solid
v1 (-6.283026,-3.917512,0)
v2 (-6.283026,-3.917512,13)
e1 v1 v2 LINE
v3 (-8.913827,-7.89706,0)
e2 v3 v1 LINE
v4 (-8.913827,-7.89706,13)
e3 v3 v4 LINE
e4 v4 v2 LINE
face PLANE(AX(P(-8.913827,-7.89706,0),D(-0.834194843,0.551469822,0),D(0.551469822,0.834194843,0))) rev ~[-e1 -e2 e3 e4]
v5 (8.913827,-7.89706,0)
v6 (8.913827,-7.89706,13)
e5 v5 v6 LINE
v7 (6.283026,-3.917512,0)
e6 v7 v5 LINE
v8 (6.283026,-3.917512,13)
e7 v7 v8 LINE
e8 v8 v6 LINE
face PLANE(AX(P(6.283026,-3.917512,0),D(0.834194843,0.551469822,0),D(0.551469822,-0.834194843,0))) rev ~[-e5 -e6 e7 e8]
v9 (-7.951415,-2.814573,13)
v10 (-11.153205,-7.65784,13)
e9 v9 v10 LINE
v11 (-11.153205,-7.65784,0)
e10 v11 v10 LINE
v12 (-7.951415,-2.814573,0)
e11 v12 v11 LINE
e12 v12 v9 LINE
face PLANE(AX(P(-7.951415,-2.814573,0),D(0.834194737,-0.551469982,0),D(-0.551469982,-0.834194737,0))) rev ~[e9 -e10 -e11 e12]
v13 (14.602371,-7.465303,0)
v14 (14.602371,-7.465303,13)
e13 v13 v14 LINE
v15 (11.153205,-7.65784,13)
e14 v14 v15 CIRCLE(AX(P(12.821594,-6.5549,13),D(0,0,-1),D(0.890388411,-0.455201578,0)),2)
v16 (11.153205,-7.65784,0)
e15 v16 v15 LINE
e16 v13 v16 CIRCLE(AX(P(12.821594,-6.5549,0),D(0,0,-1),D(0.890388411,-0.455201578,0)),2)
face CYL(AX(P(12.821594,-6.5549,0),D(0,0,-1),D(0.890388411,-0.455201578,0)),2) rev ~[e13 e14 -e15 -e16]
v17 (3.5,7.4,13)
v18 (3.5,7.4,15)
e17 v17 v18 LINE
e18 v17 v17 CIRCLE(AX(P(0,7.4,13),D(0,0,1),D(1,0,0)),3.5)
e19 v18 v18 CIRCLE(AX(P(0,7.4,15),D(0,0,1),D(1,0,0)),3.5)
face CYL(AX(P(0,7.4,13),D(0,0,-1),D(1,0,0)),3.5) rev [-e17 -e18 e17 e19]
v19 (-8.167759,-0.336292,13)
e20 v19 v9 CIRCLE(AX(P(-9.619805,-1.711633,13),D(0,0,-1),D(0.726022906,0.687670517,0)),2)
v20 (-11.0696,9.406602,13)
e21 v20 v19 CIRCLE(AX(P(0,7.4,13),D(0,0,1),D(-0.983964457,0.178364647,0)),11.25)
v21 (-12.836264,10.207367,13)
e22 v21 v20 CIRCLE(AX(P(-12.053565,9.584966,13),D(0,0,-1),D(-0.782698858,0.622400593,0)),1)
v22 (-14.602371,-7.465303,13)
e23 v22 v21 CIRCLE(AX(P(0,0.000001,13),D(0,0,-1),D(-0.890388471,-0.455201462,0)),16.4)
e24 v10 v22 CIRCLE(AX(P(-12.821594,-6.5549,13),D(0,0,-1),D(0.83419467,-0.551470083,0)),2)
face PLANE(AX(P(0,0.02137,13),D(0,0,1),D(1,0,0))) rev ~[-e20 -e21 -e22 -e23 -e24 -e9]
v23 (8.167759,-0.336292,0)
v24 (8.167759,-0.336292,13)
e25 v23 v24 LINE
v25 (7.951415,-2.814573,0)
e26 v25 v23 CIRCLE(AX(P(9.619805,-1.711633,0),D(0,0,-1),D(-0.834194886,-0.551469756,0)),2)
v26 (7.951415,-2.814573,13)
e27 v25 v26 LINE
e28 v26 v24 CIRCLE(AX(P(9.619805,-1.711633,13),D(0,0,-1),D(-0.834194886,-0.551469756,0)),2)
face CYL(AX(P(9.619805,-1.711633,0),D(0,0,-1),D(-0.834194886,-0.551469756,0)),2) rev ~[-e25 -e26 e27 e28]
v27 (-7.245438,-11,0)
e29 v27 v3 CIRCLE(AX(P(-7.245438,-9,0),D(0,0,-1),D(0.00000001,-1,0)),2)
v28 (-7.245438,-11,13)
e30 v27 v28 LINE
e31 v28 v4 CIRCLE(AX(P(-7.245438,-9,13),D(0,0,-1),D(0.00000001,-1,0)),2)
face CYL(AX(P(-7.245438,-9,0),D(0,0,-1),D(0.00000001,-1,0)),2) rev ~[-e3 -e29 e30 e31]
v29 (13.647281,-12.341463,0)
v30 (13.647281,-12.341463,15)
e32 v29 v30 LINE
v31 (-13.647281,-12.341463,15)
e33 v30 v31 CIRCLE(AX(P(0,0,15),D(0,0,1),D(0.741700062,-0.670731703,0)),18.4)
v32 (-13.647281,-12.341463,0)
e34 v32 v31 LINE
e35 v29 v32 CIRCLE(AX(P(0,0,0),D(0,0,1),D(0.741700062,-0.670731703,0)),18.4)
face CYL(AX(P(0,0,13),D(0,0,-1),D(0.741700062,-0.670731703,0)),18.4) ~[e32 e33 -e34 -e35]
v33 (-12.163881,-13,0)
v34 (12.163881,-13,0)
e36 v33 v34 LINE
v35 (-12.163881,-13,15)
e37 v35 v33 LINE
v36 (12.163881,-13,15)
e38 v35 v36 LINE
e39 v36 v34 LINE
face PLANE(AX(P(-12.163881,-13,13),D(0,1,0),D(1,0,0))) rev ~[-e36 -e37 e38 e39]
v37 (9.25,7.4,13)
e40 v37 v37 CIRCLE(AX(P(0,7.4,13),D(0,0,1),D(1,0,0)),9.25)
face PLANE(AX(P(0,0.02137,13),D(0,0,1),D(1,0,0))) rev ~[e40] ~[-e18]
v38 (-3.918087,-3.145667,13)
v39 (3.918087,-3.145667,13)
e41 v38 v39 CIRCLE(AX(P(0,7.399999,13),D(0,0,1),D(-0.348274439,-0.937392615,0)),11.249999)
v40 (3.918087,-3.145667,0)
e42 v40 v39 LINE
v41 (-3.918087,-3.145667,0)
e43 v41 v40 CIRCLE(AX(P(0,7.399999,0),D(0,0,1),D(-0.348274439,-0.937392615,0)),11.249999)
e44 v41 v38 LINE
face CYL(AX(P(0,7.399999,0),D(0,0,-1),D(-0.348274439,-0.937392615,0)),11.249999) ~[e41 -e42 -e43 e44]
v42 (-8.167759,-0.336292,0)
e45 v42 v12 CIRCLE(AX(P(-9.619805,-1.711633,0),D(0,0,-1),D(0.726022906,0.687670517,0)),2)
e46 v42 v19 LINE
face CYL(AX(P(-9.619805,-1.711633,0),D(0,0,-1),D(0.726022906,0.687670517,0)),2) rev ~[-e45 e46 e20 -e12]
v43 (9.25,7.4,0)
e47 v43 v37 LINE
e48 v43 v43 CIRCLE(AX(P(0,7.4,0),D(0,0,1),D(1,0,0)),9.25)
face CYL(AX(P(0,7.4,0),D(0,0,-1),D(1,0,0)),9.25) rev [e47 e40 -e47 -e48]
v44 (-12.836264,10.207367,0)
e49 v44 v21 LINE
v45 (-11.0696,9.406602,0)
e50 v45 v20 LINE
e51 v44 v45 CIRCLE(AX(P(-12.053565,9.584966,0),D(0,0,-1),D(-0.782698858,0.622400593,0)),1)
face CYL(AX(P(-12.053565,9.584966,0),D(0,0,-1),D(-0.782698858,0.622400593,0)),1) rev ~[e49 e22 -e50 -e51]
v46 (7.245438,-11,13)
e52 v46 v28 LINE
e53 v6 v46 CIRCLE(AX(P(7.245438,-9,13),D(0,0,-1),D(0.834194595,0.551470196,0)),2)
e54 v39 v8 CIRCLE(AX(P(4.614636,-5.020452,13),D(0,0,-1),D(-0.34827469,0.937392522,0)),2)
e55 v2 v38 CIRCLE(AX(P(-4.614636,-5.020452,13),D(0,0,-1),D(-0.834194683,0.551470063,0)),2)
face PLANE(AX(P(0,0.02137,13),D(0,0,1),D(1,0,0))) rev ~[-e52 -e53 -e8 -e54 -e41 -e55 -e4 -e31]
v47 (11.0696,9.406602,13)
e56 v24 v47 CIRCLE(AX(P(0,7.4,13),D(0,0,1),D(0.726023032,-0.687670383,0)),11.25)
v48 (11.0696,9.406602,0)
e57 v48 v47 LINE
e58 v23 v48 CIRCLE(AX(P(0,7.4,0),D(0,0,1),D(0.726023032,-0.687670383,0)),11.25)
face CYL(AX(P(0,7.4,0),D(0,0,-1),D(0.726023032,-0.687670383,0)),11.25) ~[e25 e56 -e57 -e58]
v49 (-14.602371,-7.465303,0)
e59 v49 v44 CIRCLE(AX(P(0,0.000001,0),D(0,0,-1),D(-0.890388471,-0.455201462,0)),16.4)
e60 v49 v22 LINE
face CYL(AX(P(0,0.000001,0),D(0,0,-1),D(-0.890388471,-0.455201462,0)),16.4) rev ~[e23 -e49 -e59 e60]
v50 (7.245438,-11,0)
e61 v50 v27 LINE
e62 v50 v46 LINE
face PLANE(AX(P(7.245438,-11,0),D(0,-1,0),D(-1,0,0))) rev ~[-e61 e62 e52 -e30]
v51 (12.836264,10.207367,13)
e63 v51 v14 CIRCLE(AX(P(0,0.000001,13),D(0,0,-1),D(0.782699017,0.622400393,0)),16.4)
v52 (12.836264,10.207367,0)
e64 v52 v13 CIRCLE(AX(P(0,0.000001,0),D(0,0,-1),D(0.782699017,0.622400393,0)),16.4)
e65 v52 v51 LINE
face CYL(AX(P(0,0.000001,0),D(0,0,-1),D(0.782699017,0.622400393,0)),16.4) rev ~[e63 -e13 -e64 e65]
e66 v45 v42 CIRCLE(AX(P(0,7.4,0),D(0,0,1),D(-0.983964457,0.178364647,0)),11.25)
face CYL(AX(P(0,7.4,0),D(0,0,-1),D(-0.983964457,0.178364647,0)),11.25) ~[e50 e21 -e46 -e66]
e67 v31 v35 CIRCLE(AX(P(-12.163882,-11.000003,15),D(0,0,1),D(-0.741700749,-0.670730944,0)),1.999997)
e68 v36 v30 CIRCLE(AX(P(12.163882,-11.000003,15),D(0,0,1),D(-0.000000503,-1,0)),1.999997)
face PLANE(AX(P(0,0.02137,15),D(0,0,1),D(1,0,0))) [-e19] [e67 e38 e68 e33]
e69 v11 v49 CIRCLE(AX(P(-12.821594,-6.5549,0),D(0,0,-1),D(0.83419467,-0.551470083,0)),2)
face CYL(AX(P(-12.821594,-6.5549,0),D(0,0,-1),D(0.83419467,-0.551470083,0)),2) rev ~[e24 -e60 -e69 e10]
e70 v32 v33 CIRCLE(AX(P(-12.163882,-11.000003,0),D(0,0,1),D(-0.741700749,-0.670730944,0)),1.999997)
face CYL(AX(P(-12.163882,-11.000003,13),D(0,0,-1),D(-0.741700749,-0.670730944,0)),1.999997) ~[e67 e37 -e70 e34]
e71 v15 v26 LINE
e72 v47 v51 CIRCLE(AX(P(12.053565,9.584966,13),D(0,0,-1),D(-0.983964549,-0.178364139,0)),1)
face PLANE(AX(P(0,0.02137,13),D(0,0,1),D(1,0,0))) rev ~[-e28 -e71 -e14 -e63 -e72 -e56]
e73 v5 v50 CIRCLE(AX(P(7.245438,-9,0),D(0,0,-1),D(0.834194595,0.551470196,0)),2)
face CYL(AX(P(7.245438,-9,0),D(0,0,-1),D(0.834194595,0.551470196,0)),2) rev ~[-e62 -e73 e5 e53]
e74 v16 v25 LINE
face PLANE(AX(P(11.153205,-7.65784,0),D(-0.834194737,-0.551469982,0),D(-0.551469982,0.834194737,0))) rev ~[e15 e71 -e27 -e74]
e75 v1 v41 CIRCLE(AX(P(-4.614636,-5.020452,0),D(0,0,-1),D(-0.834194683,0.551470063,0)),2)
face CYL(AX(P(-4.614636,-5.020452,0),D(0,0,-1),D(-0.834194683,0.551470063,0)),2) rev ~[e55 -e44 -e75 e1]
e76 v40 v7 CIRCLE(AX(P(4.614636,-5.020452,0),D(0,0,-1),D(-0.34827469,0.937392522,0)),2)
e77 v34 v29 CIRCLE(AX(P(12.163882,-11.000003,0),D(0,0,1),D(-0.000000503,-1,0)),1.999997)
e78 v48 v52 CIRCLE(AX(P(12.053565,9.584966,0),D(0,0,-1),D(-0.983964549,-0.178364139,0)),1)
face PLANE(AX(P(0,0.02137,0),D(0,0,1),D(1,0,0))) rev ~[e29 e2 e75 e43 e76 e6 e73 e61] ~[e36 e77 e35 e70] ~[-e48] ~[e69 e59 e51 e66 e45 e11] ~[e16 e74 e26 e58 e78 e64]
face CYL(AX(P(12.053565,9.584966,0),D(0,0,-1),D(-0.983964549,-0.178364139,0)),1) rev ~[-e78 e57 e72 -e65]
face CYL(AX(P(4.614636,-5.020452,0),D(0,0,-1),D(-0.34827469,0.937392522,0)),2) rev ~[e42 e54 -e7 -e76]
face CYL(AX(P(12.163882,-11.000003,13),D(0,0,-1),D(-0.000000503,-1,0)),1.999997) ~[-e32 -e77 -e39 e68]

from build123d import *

# Parameters (mm, degrees)
F0_R     = 9.25
F1_DEPTH = 13
F2_R     = 3.5
F3_DEPTH = 2


with BuildPart() as f1:
    # F0 (on Top) → F1 (new body)
    with BuildSketch(Plane.XY):
        with BuildLine():
            ThreePointArc((12.163881, -13), (12.975384, -12.827967), (13.647281, -12.341463))
            ThreePointArc((13.647281, -12.341463), (0, 18.4), (-13.647281, -12.341463))
            ThreePointArc((-13.647281, -12.341463), (-12.975384, -12.827967), (-12.163881, -13))
            Line((-12.163881, -13), (12.163881, -13))
        make_face()
        with BuildLine():
            ThreePointArc((-12.836264, 10.207367), (-11.640729, 10.495772), (-11.0696, 9.406602))
            ThreePointArc((-11.0696, 9.406602), (-10.781929, 4.188691), (-8.167759, -0.336292))
            ThreePointArc((-8.167759, -0.336292), (-7.627382, -1.537703), (-7.951415, -2.814573))
            Line((-7.951415, -2.814573), (-11.153205, -7.65784))
            ThreePointArc((-11.153205, -7.65784), (-12.933064, -8.551791), (-14.602371, -7.465303))
            ThreePointArc((-14.602371, -7.465303), (-16.318716, 1.630801), (-12.836264, 10.207367))
        make_face(mode=Mode.SUBTRACT)
        with BuildLine():
            Line((7.245438, -11), (-7.245438, -11))
            ThreePointArc((-7.245438, -11), (-9.006954, -9.947133), (-8.913827, -7.89706))
            Line((-8.913827, -7.89706), (-6.283026, -3.917512))
            ThreePointArc((-6.283026, -3.917512), (-5.235164, -3.119151), (-3.918087, -3.145667))
            ThreePointArc((-3.918087, -3.145667), (0, -3.85), (3.918087, -3.145667))
            ThreePointArc((3.918087, -3.145667), (5.235164, -3.119151), (6.283026, -3.917512))
            Line((6.283026, -3.917512), (8.913827, -7.89706))
            ThreePointArc((8.913827, -7.89706), (9.006954, -9.947133), (7.245438, -11))
        make_face(mode=Mode.SUBTRACT)
        with BuildLine():
            ThreePointArc((12.836264, 10.207367), (16.318716, 1.630801), (14.602371, -7.465303))
            ThreePointArc((14.602371, -7.465303), (12.933064, -8.551791), (11.153205, -7.65784))
            Line((11.153205, -7.65784), (7.951415, -2.814573))
            ThreePointArc((7.951415, -2.814573), (7.627382, -1.537703), (8.167759, -0.336292))
            ThreePointArc((8.167759, -0.336292), (10.781929, 4.188691), (11.0696, 9.406602))
            ThreePointArc((11.0696, 9.406602), (11.640729, 10.495772), (12.836264, 10.207367))
        make_face(mode=Mode.SUBTRACT)
        with Locations((0, 7.4)):
            Circle(F0_R, mode=Mode.SUBTRACT)
    extrude(amount=F1_DEPTH)

    # F2 (on face) → F3 (join)
    with BuildSketch(Plane.XY.offset(13)):
        with BuildLine():
            ThreePointArc((12.163881, -13), (12.975384, -12.827967), (13.647281, -12.341463))
            ThreePointArc((13.647281, -12.341463), (0, 18.4), (-13.647281, -12.341463))
            ThreePointArc((-13.647281, -12.341463), (-12.975384, -12.827967), (-12.163881, -13))
            Line((-12.163881, -13), (12.163881, -13))
        make_face()
        with Locations((0, 7.4)):
            Circle(F2_R, mode=Mode.SUBTRACT)
    extrude(amount=F3_DEPTH)


solid = f1.part
